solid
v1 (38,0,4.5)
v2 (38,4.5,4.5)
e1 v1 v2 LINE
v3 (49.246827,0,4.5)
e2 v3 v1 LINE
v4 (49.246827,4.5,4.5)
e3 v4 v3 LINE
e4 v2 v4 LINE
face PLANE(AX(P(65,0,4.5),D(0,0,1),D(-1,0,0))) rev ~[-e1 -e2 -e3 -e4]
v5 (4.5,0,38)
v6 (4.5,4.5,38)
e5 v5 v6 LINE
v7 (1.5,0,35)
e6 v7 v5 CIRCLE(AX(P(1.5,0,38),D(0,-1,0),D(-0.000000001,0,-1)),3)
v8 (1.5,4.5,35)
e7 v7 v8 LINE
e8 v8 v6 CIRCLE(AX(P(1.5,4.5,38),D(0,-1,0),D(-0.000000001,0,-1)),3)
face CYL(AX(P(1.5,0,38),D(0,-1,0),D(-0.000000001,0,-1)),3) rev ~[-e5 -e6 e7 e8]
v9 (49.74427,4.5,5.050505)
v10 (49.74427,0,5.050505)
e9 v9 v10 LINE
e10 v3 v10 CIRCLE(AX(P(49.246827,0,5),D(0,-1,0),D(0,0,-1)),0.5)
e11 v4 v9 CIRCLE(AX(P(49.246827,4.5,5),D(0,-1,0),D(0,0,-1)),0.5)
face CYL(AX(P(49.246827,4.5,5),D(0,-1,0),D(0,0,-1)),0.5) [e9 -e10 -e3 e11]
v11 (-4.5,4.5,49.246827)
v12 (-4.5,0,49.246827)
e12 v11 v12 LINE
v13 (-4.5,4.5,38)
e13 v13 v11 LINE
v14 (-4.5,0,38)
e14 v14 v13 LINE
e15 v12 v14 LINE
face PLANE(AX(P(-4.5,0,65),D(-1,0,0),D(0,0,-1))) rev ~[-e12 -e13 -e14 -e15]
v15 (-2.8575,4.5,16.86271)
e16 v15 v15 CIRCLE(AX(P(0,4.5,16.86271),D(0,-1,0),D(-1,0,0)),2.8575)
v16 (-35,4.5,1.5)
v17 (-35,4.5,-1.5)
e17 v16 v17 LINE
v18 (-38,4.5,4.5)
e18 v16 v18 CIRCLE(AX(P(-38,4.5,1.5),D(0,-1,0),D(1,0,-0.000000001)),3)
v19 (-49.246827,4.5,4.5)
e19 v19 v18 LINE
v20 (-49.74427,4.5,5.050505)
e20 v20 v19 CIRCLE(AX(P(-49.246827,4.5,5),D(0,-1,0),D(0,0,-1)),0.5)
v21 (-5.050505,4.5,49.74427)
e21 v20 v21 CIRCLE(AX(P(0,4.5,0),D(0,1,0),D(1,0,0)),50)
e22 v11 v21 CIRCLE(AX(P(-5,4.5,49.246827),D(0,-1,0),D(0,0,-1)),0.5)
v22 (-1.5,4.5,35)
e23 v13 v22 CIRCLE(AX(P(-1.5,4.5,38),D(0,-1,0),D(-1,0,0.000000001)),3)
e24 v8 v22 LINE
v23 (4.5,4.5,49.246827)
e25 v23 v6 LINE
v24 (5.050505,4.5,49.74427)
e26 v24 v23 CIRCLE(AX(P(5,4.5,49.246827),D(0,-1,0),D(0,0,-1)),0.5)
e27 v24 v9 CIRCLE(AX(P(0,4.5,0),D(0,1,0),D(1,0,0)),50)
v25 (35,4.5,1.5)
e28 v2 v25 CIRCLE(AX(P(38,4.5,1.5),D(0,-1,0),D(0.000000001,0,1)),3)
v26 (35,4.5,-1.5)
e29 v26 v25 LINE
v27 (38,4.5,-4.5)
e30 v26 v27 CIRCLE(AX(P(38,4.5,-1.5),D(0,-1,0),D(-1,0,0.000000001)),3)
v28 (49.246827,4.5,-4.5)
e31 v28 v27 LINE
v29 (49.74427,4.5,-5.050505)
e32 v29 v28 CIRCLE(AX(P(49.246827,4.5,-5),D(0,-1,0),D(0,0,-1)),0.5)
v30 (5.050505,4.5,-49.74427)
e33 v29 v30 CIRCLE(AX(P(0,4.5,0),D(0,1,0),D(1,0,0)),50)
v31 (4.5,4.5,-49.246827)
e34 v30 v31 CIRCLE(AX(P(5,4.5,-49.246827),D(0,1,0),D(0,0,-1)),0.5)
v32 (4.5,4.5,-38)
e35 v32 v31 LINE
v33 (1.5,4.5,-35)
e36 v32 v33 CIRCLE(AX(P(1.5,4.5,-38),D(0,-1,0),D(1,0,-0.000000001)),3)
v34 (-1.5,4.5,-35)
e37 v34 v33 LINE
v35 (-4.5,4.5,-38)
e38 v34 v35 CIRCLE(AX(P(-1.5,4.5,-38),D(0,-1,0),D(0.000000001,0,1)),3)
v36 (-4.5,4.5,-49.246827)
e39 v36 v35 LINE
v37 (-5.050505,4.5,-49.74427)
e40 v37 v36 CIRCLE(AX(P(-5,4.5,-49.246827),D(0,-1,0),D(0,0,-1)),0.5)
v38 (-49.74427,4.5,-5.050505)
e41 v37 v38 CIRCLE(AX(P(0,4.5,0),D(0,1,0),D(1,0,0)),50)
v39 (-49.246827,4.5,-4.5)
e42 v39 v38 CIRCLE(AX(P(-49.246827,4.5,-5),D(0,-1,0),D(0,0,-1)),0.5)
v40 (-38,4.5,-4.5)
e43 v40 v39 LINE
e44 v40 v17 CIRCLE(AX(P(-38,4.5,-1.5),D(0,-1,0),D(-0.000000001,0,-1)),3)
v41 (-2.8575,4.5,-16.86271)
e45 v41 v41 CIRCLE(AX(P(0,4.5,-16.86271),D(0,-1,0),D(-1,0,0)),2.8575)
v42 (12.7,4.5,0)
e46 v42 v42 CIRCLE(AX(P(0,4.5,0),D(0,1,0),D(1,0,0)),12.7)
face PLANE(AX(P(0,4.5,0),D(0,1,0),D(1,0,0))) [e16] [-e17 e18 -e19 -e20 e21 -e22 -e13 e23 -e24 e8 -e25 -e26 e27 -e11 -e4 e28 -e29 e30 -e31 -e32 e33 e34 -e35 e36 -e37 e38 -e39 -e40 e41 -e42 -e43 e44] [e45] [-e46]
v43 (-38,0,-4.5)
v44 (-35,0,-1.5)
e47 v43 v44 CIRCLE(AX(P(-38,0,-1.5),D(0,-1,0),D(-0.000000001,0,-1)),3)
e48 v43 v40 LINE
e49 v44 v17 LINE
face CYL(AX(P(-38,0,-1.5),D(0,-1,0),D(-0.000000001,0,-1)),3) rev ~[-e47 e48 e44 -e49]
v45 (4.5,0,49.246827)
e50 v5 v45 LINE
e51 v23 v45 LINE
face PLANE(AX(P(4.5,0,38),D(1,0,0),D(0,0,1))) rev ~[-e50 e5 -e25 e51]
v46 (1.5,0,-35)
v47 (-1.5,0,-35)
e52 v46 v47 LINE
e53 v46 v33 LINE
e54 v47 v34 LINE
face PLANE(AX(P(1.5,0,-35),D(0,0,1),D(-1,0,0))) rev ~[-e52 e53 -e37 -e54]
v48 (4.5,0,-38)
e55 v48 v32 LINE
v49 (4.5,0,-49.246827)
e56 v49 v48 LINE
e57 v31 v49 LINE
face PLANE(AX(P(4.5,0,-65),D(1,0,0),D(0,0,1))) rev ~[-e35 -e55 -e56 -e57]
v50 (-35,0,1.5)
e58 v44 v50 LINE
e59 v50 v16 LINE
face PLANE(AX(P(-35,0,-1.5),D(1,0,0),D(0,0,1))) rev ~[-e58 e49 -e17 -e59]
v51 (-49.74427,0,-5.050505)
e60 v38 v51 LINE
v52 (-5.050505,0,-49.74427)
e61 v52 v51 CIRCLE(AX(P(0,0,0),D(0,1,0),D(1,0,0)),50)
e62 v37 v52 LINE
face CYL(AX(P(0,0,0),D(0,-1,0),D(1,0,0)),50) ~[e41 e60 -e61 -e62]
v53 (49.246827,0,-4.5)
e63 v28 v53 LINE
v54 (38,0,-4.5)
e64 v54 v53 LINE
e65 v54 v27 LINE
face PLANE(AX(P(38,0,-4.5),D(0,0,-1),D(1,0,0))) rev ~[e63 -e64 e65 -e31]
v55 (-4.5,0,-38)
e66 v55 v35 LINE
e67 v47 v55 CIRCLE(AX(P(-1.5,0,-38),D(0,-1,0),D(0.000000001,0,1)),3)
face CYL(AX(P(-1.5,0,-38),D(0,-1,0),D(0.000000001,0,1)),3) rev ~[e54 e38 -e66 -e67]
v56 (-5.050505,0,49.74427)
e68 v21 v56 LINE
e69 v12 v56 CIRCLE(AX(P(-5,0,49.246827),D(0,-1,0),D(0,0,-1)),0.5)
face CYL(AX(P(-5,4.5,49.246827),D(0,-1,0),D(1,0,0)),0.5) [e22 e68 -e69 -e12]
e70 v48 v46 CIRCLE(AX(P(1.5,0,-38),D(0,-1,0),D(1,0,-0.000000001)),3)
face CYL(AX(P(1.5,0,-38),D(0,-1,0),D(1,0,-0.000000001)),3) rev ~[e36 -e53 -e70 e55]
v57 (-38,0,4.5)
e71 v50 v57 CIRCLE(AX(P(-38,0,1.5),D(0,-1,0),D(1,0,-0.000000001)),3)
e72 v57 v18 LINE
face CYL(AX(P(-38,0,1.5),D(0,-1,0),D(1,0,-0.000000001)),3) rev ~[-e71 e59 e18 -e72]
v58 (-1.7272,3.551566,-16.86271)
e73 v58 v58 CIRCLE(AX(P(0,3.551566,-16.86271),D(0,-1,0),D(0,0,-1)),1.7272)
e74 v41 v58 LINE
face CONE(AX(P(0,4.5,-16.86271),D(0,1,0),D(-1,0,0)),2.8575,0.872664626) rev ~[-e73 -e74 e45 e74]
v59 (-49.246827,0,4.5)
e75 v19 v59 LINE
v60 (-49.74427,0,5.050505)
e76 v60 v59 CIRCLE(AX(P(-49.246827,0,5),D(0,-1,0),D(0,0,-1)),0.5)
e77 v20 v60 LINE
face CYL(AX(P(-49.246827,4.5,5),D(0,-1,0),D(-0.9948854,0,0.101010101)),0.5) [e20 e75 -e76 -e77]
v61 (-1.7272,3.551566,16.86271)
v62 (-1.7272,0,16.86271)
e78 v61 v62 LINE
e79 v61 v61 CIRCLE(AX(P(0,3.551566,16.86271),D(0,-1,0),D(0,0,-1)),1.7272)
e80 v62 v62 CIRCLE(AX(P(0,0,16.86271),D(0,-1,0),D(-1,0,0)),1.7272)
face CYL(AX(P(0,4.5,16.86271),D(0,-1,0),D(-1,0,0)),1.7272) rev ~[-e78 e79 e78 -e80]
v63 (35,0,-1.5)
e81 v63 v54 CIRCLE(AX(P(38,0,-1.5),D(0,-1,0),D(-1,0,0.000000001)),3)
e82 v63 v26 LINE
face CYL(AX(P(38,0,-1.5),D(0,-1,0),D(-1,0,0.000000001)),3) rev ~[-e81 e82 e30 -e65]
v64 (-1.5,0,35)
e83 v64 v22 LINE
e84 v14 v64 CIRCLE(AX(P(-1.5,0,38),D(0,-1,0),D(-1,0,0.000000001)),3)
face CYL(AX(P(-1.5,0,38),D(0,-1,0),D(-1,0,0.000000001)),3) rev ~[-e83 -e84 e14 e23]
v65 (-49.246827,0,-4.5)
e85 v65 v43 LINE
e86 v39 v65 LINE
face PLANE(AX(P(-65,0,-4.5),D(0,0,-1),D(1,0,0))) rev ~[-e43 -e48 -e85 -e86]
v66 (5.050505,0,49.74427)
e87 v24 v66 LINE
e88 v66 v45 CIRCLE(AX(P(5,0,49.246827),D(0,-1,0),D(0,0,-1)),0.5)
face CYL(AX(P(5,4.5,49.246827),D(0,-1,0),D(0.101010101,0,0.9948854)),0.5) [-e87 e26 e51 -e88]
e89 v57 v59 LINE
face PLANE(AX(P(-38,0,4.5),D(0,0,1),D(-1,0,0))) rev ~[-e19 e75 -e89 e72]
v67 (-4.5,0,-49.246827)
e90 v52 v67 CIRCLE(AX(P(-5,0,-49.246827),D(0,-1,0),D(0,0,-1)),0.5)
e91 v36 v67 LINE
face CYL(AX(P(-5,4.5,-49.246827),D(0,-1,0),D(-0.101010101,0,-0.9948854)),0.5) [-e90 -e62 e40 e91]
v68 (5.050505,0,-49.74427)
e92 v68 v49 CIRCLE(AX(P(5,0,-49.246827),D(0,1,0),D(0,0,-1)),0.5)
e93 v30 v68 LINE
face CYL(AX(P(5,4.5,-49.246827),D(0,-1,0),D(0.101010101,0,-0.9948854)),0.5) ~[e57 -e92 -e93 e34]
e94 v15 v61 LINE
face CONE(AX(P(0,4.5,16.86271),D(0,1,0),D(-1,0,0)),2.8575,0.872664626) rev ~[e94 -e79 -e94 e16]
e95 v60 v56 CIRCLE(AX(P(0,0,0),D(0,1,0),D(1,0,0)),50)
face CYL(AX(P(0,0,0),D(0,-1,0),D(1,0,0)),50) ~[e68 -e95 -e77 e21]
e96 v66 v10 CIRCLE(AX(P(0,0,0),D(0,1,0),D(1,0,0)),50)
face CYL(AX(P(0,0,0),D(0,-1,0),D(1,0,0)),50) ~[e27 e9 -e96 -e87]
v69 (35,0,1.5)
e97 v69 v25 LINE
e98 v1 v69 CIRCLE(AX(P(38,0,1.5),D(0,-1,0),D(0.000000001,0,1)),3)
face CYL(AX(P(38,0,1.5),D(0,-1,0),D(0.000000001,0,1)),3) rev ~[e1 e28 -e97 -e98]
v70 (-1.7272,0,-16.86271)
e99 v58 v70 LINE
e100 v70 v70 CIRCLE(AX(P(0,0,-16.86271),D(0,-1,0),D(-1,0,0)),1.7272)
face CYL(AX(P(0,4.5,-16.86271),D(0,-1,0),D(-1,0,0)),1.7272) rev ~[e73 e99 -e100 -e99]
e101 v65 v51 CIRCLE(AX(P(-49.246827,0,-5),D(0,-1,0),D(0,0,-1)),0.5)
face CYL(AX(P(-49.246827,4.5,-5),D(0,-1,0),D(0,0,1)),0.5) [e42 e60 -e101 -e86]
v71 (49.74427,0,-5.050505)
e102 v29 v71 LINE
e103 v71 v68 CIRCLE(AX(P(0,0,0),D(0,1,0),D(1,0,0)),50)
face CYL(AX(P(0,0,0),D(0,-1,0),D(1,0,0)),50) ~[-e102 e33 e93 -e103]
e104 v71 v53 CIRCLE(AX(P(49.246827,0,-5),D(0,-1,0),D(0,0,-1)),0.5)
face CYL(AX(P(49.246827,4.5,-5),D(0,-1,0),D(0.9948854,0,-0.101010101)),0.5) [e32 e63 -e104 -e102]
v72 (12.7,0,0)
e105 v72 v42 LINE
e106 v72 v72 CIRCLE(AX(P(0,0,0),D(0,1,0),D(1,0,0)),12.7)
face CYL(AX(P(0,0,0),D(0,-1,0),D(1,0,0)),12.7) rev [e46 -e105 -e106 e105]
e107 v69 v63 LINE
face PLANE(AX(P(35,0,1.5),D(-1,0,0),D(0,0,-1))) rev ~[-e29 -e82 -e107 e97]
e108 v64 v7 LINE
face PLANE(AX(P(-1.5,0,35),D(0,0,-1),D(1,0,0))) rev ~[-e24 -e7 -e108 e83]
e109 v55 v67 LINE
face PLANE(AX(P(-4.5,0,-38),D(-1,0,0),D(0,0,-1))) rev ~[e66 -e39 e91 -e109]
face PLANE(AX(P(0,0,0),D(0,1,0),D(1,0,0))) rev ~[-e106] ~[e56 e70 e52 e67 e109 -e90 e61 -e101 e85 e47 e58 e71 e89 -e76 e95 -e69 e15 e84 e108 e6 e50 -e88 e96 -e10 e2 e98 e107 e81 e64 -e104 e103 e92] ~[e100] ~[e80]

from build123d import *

# Parameters (mm, degrees)
SKETCH3_R                                         = 50
SKETCH3_R_2                                       = 12.7
BOSS_EXTRUDE4_DEPTH                               = 4.5
CUT_EXTRUDE18_DEPTH                               = 10
FILLET2_R                                         = 0.5
CSK_FOR_4_FLAT_HEAD_MACHINE_SCREW_100_D           = 3.4544
CSK_FOR_4_FLAT_HEAD_MACHINE_SCREW_100_CSINK_D     = 5.715
CSK_FOR_4_FLAT_HEAD_MACHINE_SCREW_100_CSINK_ANGLE = 100


with BuildPart() as part:
    # Sketch3 → Boss-Extrude4 (new body)
    with BuildSketch(Plane(origin=(0, 0, 0), x_dir=(1, 0, 0), z_dir=(0, 1, 0))):
        Circle(SKETCH3_R)
        Circle(SKETCH3_R_2, mode=Mode.SUBTRACT)
    extrude(amount=BOSS_EXTRUDE4_DEPTH)

    # Sketch6 → Cut-Extrude18 (cut)
    with BuildSketch(Plane(origin=(0, 0, 0), x_dir=(1, 0, 0), z_dir=(0, 1, 0))):
        with BuildLine():
            Line((-38, -4.5), (-65, -4.5))
            Line((-65, -4.5), (-65, 4.5))
            Line((-65, 4.5), (-38, 4.5))
            ThreePointArc((-38, 4.5), (-35.878679656, 3.621320344), (-35, 1.5))
            Line((-35, 1.5), (-35, -1.5))
            ThreePointArc((-35, -1.5), (-35.878679656, -3.621320344), (-38, -4.5))
        make_face()
        with BuildLine():
            Line((-4.5, 38), (-4.5, 65))
            Line((-4.5, 65), (4.5, 65))
            Line((4.5, 65), (4.5, 38))
            ThreePointArc((4.5, 38), (3.621320344, 35.878679656), (1.5, 35))
            Line((1.5, 35), (-1.5, 35))
            ThreePointArc((-1.5, 35), (-3.621320344, 35.878679656), (-4.5, 38))
        make_face()
        with BuildLine():
            Line((38, 4.5), (65, 4.5))
            Line((65, 4.5), (65, -4.5))
            Line((65, -4.5), (38, -4.5))
            ThreePointArc((38, -4.5), (35.878679656, -3.621320344), (35, -1.5))
            Line((35, -1.5), (35, 1.5))
            ThreePointArc((35, 1.5), (35.878679656, 3.621320344), (38, 4.5))
        make_face()
        with BuildLine():
            Line((4.5, -38), (4.5, -65))
            Line((4.5, -65), (-4.5, -65))
            Line((-4.5, -65), (-4.5, -38))
            ThreePointArc((-4.5, -38), (-3.621320344, -35.878679656), (-1.5, -35))
            Line((-1.5, -35), (1.5, -35))
            ThreePointArc((1.5, -35), (3.621320344, -35.878679656), (4.5, -38))
        make_face()
    extrude(amount=CUT_EXTRUDE18_DEPTH, mode=Mode.SUBTRACT)

    # Fillet2
    fillet2_edges = [part.edges().sort_by_distance(p)[0] for p in [
        (-49.797088268, 2.25, -4.5),
        (-49.797088268, 2.25, 4.5),
        (4.5, 2.25, -49.797088268),
        (-4.5, 2.25, -49.797088268),
        (49.797088268, 2.25, 4.5),
        (49.797088268, 2.25, -4.5),
        (-4.5, 2.25, 49.797088268),
        (4.5, 2.25, 49.797088268),
    ]]
    fillet(fillet2_edges, radius=FILLET2_R)

    # CSK for #4 Flat Head Machine Screw (100)1 (through all)
    with Locations(Plane(origin=(0, 4.5, 0), x_dir=(1, 0, 0), z_dir=(0, 1, 0))):
        with Locations((0, -16.862709614), (0, 16.862709614)):
            CounterSinkHole(CSK_FOR_4_FLAT_HEAD_MACHINE_SCREW_100_D / 2, CSK_FOR_4_FLAT_HEAD_MACHINE_SCREW_100_CSINK_D / 2, counter_sink_angle=CSK_FOR_4_FLAT_HEAD_MACHINE_SCREW_100_CSINK_ANGLE)


solid = part.part
